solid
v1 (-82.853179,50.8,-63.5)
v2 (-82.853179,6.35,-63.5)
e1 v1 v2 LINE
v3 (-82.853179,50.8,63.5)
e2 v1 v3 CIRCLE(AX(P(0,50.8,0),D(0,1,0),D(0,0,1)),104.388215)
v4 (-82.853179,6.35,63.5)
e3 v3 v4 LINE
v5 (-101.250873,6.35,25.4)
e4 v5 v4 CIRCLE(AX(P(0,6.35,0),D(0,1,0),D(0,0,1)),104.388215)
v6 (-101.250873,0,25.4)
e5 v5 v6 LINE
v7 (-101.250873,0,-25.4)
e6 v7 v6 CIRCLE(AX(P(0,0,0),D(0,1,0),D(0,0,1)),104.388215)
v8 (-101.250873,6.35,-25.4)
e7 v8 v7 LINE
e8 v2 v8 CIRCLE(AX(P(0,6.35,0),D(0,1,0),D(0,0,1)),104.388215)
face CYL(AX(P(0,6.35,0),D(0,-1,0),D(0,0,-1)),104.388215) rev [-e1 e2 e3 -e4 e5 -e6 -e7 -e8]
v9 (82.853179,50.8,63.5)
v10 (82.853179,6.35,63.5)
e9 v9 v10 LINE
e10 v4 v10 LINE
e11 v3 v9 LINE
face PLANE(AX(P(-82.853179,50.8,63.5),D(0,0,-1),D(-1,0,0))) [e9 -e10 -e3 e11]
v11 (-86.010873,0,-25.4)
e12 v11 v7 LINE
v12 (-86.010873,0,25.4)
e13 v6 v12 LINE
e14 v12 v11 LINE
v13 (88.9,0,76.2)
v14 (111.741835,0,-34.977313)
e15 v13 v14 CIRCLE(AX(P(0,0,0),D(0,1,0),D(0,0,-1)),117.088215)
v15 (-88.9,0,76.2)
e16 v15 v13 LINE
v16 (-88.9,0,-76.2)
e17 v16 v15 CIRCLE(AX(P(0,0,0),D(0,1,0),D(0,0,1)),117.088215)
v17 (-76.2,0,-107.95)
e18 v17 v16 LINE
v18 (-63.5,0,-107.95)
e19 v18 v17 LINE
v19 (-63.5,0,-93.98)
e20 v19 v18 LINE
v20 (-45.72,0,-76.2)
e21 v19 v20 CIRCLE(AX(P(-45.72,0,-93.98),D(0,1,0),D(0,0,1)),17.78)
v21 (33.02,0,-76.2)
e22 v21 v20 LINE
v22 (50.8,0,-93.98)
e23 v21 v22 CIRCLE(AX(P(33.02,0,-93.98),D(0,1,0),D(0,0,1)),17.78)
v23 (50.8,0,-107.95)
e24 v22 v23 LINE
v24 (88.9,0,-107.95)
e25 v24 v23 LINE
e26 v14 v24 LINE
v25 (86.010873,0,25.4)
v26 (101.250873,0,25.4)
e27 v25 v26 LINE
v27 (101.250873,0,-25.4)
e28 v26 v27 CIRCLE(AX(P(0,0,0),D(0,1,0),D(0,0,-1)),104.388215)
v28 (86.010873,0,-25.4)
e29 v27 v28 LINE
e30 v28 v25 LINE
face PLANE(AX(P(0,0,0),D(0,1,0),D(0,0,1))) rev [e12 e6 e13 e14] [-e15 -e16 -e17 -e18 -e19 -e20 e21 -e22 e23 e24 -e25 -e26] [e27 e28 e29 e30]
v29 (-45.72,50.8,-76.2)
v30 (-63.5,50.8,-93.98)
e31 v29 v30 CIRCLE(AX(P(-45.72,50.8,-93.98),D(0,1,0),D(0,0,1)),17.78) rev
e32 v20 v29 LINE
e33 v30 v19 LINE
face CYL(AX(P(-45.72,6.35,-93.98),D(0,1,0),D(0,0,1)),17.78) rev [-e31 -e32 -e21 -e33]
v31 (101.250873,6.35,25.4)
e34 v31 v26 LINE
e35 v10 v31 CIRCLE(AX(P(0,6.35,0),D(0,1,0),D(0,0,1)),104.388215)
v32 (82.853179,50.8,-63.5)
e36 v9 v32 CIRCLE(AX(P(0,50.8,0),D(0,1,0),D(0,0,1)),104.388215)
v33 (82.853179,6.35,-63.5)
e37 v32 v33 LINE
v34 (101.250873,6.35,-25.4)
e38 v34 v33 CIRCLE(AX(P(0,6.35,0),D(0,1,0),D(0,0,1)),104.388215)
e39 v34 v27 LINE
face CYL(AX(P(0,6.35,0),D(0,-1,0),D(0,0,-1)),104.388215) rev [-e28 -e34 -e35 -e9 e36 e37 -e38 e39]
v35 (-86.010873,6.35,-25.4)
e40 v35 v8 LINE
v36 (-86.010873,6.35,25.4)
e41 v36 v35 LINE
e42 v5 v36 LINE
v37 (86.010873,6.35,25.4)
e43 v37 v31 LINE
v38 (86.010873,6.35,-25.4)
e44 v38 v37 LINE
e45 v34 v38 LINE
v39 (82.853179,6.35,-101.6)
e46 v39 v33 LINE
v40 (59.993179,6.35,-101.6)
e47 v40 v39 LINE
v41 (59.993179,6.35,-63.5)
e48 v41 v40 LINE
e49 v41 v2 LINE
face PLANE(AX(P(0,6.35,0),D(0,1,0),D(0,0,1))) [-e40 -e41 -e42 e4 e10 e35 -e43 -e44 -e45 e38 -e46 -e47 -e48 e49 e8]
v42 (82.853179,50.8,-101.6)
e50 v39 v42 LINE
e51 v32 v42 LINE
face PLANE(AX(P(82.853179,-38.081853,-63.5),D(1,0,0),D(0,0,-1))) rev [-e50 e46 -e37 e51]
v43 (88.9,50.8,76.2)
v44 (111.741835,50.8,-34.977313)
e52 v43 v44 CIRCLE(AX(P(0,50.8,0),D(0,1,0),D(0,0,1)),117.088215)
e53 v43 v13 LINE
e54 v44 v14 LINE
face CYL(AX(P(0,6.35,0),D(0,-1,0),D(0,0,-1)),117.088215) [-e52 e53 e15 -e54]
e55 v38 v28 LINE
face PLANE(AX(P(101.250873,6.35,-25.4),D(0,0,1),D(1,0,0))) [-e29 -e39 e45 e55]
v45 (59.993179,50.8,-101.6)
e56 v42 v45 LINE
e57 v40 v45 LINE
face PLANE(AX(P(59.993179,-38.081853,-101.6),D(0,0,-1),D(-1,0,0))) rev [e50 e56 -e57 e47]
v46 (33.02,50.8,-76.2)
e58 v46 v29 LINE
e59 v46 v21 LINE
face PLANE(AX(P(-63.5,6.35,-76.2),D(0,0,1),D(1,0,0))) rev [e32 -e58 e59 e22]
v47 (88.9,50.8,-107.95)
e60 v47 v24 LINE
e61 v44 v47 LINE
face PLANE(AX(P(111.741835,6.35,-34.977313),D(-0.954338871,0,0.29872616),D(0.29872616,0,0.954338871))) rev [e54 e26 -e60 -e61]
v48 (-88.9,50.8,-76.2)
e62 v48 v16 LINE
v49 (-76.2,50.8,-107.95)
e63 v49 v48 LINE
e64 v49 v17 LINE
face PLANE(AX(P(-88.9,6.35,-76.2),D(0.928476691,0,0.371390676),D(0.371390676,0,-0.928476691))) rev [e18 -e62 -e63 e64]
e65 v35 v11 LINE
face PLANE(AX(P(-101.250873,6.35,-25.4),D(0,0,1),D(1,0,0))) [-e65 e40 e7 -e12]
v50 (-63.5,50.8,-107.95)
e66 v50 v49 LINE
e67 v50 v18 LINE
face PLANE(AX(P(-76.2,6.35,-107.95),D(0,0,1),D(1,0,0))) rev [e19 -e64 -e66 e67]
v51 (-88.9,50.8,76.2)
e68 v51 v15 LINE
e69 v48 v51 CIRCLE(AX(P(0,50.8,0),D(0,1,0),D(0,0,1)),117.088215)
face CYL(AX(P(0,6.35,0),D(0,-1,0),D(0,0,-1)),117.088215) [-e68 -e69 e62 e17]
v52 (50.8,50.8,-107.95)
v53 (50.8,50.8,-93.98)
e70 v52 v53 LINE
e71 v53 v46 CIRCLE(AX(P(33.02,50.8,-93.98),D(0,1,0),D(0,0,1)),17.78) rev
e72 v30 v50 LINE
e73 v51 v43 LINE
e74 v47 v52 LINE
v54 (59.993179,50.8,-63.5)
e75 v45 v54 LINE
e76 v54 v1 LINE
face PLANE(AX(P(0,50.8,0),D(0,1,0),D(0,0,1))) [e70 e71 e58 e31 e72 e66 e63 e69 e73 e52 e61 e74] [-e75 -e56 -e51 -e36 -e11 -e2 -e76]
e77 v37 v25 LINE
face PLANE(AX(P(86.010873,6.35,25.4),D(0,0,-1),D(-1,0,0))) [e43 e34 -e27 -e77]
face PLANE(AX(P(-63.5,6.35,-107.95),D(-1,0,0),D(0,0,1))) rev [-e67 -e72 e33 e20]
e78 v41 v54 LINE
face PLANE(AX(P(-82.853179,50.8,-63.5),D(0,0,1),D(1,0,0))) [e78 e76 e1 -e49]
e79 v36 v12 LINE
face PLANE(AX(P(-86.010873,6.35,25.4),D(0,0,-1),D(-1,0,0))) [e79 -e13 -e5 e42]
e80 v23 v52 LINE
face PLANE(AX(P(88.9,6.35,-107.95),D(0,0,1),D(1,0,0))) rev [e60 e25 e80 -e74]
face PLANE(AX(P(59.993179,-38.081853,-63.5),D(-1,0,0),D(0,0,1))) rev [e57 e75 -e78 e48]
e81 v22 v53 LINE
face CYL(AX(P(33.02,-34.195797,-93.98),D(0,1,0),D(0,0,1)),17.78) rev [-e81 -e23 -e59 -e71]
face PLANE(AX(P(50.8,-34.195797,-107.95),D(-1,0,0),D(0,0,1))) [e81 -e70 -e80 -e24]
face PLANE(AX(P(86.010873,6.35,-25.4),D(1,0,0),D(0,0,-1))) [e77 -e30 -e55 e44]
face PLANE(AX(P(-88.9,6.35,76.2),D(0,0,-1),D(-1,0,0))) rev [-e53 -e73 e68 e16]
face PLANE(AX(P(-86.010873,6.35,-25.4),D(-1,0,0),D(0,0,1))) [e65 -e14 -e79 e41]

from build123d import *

# Parameters (mm, degrees)
BOSS_EXTRUDE1_DEPTH = 6.35
BOSS_EXTRUDE2_DEPTH = 44.45
SKETCH4_W           = 12.7
SKETCH4_H           = 31.75
BOSS_EXTRUDE4_DEPTH = 50.8
SKETCH5_W           = 22.86
SKETCH5_H           = 38.1
CUT_EXTRUDE1_DEPTH  = 44.45
FILLET3_R           = 17.78


with BuildPart() as part:
    # Sketch1 → Boss-Extrude1 (new body)
    with BuildSketch(Plane(origin=(0, 0, 0), x_dir=(1, 0, 0), z_dir=(0, 1, 0))):
        with BuildLine():
            Line((-88.9, -76.2), (88.9, -76.2))
            ThreePointArc((88.9, -76.2), (114.692568029, -23.564058203), (111.741834586, 34.977312694))
            Line((111.741834586, 34.977312694), (88.9, 107.95))
            Line((88.9, 107.95), (63.5, 107.95))
            Line((63.5, 107.95), (63.5, 76.2))
            Line((63.5, 76.2), (-63.5, 76.2))
            Line((-63.5, 76.2), (-63.5, 107.95))
            Line((-63.5, 107.95), (-76.2, 107.95))
            Line((-76.2, 107.95), (-88.9, 76.2))
            ThreePointArc((-88.9, 76.2), (-117.088214608, 0), (-88.9, -76.2))
        make_face()
        with BuildLine():
            Line((-101.250873324, 25.4), (-86.010873324, 25.4))
            Line((-86.010873324, 25.4), (-86.010873324, -25.4))
            Line((-86.010873324, -25.4), (-101.250873324, -25.4))
            ThreePointArc((-101.250873324, -25.4), (-104.388214608, 0), (-101.250873324, 25.4))
        make_face(mode=Mode.SUBTRACT)
        with BuildLine():
            Line((86.010873324, -25.4), (101.250873324, -25.4))
            ThreePointArc((101.250873324, -25.4), (104.388214608, 0), (101.250873324, 25.4))
            Line((101.250873324, 25.4), (86.010873324, 25.4))
            Line((86.010873324, 25.4), (86.010873324, -25.4))
        make_face(mode=Mode.SUBTRACT)
    extrude(amount=BOSS_EXTRUDE1_DEPTH)

    # Sketch2 → Boss-Extrude2 (add)
    with BuildSketch(Plane(origin=(0, 6.35, 0), x_dir=(1, 0, 0), z_dir=(0, 1, 0))):
        with BuildLine():
            Line((-88.9, -76.2), (88.9, -76.2))
            ThreePointArc((88.9, -76.2), (114.692568029, -23.564058203), (111.741834586, 34.977312694))
            Line((111.741834586, 34.977312694), (88.9, 107.95))
            Line((88.9, 107.95), (63.5, 107.95))
            Line((63.5, 107.95), (63.5, 76.2))
            Line((63.5, 76.2), (-63.5, 76.2))
            Line((-63.5, 76.2), (-63.5, 107.95))
            Line((-63.5, 107.95), (-76.2, 107.95))
            Line((-76.2, 107.95), (-88.9, 76.2))
            ThreePointArc((-88.9, 76.2), (-117.088214608, 0), (-88.9, -76.2))
        make_face()
        with BuildLine():
            Line((-82.853179474, -63.5), (82.853179474, -63.5))
            ThreePointArc((82.853179474, -63.5), (104.388214608, 0), (82.853179474, 63.5))
            Line((82.853179474, 63.5), (-82.853179474, 63.5))
            ThreePointArc((-82.853179474, 63.5), (-104.388214608, 0), (-82.853179474, -63.5))
        make_face(mode=Mode.SUBTRACT)
    extrude(amount=BOSS_EXTRUDE2_DEPTH)

    # Sketch4 → Boss-Extrude4 (add)
    with BuildSketch(Plane(origin=(0, 50.8, 0), x_dir=(1, 0, 0), z_dir=(0, 1, 0))):
        with Locations((57.15, 92.075)):
            Rectangle(SKETCH4_W, SKETCH4_H)
    extrude(amount=-BOSS_EXTRUDE4_DEPTH)

    # Sketch5 → Cut-Extrude1 (cut)
    with BuildSketch(Plane(origin=(0, 50.8, 0), x_dir=(1, 0, 0), z_dir=(0, 1, 0))):
        with Locations((71.423179474, 82.55)):
            Rectangle(SKETCH5_W, SKETCH5_H)
    extrude(amount=-CUT_EXTRUDE1_DEPTH, mode=Mode.SUBTRACT)

    # Fillet3
    fillet3_edges = [part.edges().sort_by_distance(p)[0] for p in [
        (50.8, 25.4, -76.2),
        (-63.5, 25.4, -76.2),
    ]]
    fillet(fillet3_edges, radius=FILLET3_R)


solid = part.part
